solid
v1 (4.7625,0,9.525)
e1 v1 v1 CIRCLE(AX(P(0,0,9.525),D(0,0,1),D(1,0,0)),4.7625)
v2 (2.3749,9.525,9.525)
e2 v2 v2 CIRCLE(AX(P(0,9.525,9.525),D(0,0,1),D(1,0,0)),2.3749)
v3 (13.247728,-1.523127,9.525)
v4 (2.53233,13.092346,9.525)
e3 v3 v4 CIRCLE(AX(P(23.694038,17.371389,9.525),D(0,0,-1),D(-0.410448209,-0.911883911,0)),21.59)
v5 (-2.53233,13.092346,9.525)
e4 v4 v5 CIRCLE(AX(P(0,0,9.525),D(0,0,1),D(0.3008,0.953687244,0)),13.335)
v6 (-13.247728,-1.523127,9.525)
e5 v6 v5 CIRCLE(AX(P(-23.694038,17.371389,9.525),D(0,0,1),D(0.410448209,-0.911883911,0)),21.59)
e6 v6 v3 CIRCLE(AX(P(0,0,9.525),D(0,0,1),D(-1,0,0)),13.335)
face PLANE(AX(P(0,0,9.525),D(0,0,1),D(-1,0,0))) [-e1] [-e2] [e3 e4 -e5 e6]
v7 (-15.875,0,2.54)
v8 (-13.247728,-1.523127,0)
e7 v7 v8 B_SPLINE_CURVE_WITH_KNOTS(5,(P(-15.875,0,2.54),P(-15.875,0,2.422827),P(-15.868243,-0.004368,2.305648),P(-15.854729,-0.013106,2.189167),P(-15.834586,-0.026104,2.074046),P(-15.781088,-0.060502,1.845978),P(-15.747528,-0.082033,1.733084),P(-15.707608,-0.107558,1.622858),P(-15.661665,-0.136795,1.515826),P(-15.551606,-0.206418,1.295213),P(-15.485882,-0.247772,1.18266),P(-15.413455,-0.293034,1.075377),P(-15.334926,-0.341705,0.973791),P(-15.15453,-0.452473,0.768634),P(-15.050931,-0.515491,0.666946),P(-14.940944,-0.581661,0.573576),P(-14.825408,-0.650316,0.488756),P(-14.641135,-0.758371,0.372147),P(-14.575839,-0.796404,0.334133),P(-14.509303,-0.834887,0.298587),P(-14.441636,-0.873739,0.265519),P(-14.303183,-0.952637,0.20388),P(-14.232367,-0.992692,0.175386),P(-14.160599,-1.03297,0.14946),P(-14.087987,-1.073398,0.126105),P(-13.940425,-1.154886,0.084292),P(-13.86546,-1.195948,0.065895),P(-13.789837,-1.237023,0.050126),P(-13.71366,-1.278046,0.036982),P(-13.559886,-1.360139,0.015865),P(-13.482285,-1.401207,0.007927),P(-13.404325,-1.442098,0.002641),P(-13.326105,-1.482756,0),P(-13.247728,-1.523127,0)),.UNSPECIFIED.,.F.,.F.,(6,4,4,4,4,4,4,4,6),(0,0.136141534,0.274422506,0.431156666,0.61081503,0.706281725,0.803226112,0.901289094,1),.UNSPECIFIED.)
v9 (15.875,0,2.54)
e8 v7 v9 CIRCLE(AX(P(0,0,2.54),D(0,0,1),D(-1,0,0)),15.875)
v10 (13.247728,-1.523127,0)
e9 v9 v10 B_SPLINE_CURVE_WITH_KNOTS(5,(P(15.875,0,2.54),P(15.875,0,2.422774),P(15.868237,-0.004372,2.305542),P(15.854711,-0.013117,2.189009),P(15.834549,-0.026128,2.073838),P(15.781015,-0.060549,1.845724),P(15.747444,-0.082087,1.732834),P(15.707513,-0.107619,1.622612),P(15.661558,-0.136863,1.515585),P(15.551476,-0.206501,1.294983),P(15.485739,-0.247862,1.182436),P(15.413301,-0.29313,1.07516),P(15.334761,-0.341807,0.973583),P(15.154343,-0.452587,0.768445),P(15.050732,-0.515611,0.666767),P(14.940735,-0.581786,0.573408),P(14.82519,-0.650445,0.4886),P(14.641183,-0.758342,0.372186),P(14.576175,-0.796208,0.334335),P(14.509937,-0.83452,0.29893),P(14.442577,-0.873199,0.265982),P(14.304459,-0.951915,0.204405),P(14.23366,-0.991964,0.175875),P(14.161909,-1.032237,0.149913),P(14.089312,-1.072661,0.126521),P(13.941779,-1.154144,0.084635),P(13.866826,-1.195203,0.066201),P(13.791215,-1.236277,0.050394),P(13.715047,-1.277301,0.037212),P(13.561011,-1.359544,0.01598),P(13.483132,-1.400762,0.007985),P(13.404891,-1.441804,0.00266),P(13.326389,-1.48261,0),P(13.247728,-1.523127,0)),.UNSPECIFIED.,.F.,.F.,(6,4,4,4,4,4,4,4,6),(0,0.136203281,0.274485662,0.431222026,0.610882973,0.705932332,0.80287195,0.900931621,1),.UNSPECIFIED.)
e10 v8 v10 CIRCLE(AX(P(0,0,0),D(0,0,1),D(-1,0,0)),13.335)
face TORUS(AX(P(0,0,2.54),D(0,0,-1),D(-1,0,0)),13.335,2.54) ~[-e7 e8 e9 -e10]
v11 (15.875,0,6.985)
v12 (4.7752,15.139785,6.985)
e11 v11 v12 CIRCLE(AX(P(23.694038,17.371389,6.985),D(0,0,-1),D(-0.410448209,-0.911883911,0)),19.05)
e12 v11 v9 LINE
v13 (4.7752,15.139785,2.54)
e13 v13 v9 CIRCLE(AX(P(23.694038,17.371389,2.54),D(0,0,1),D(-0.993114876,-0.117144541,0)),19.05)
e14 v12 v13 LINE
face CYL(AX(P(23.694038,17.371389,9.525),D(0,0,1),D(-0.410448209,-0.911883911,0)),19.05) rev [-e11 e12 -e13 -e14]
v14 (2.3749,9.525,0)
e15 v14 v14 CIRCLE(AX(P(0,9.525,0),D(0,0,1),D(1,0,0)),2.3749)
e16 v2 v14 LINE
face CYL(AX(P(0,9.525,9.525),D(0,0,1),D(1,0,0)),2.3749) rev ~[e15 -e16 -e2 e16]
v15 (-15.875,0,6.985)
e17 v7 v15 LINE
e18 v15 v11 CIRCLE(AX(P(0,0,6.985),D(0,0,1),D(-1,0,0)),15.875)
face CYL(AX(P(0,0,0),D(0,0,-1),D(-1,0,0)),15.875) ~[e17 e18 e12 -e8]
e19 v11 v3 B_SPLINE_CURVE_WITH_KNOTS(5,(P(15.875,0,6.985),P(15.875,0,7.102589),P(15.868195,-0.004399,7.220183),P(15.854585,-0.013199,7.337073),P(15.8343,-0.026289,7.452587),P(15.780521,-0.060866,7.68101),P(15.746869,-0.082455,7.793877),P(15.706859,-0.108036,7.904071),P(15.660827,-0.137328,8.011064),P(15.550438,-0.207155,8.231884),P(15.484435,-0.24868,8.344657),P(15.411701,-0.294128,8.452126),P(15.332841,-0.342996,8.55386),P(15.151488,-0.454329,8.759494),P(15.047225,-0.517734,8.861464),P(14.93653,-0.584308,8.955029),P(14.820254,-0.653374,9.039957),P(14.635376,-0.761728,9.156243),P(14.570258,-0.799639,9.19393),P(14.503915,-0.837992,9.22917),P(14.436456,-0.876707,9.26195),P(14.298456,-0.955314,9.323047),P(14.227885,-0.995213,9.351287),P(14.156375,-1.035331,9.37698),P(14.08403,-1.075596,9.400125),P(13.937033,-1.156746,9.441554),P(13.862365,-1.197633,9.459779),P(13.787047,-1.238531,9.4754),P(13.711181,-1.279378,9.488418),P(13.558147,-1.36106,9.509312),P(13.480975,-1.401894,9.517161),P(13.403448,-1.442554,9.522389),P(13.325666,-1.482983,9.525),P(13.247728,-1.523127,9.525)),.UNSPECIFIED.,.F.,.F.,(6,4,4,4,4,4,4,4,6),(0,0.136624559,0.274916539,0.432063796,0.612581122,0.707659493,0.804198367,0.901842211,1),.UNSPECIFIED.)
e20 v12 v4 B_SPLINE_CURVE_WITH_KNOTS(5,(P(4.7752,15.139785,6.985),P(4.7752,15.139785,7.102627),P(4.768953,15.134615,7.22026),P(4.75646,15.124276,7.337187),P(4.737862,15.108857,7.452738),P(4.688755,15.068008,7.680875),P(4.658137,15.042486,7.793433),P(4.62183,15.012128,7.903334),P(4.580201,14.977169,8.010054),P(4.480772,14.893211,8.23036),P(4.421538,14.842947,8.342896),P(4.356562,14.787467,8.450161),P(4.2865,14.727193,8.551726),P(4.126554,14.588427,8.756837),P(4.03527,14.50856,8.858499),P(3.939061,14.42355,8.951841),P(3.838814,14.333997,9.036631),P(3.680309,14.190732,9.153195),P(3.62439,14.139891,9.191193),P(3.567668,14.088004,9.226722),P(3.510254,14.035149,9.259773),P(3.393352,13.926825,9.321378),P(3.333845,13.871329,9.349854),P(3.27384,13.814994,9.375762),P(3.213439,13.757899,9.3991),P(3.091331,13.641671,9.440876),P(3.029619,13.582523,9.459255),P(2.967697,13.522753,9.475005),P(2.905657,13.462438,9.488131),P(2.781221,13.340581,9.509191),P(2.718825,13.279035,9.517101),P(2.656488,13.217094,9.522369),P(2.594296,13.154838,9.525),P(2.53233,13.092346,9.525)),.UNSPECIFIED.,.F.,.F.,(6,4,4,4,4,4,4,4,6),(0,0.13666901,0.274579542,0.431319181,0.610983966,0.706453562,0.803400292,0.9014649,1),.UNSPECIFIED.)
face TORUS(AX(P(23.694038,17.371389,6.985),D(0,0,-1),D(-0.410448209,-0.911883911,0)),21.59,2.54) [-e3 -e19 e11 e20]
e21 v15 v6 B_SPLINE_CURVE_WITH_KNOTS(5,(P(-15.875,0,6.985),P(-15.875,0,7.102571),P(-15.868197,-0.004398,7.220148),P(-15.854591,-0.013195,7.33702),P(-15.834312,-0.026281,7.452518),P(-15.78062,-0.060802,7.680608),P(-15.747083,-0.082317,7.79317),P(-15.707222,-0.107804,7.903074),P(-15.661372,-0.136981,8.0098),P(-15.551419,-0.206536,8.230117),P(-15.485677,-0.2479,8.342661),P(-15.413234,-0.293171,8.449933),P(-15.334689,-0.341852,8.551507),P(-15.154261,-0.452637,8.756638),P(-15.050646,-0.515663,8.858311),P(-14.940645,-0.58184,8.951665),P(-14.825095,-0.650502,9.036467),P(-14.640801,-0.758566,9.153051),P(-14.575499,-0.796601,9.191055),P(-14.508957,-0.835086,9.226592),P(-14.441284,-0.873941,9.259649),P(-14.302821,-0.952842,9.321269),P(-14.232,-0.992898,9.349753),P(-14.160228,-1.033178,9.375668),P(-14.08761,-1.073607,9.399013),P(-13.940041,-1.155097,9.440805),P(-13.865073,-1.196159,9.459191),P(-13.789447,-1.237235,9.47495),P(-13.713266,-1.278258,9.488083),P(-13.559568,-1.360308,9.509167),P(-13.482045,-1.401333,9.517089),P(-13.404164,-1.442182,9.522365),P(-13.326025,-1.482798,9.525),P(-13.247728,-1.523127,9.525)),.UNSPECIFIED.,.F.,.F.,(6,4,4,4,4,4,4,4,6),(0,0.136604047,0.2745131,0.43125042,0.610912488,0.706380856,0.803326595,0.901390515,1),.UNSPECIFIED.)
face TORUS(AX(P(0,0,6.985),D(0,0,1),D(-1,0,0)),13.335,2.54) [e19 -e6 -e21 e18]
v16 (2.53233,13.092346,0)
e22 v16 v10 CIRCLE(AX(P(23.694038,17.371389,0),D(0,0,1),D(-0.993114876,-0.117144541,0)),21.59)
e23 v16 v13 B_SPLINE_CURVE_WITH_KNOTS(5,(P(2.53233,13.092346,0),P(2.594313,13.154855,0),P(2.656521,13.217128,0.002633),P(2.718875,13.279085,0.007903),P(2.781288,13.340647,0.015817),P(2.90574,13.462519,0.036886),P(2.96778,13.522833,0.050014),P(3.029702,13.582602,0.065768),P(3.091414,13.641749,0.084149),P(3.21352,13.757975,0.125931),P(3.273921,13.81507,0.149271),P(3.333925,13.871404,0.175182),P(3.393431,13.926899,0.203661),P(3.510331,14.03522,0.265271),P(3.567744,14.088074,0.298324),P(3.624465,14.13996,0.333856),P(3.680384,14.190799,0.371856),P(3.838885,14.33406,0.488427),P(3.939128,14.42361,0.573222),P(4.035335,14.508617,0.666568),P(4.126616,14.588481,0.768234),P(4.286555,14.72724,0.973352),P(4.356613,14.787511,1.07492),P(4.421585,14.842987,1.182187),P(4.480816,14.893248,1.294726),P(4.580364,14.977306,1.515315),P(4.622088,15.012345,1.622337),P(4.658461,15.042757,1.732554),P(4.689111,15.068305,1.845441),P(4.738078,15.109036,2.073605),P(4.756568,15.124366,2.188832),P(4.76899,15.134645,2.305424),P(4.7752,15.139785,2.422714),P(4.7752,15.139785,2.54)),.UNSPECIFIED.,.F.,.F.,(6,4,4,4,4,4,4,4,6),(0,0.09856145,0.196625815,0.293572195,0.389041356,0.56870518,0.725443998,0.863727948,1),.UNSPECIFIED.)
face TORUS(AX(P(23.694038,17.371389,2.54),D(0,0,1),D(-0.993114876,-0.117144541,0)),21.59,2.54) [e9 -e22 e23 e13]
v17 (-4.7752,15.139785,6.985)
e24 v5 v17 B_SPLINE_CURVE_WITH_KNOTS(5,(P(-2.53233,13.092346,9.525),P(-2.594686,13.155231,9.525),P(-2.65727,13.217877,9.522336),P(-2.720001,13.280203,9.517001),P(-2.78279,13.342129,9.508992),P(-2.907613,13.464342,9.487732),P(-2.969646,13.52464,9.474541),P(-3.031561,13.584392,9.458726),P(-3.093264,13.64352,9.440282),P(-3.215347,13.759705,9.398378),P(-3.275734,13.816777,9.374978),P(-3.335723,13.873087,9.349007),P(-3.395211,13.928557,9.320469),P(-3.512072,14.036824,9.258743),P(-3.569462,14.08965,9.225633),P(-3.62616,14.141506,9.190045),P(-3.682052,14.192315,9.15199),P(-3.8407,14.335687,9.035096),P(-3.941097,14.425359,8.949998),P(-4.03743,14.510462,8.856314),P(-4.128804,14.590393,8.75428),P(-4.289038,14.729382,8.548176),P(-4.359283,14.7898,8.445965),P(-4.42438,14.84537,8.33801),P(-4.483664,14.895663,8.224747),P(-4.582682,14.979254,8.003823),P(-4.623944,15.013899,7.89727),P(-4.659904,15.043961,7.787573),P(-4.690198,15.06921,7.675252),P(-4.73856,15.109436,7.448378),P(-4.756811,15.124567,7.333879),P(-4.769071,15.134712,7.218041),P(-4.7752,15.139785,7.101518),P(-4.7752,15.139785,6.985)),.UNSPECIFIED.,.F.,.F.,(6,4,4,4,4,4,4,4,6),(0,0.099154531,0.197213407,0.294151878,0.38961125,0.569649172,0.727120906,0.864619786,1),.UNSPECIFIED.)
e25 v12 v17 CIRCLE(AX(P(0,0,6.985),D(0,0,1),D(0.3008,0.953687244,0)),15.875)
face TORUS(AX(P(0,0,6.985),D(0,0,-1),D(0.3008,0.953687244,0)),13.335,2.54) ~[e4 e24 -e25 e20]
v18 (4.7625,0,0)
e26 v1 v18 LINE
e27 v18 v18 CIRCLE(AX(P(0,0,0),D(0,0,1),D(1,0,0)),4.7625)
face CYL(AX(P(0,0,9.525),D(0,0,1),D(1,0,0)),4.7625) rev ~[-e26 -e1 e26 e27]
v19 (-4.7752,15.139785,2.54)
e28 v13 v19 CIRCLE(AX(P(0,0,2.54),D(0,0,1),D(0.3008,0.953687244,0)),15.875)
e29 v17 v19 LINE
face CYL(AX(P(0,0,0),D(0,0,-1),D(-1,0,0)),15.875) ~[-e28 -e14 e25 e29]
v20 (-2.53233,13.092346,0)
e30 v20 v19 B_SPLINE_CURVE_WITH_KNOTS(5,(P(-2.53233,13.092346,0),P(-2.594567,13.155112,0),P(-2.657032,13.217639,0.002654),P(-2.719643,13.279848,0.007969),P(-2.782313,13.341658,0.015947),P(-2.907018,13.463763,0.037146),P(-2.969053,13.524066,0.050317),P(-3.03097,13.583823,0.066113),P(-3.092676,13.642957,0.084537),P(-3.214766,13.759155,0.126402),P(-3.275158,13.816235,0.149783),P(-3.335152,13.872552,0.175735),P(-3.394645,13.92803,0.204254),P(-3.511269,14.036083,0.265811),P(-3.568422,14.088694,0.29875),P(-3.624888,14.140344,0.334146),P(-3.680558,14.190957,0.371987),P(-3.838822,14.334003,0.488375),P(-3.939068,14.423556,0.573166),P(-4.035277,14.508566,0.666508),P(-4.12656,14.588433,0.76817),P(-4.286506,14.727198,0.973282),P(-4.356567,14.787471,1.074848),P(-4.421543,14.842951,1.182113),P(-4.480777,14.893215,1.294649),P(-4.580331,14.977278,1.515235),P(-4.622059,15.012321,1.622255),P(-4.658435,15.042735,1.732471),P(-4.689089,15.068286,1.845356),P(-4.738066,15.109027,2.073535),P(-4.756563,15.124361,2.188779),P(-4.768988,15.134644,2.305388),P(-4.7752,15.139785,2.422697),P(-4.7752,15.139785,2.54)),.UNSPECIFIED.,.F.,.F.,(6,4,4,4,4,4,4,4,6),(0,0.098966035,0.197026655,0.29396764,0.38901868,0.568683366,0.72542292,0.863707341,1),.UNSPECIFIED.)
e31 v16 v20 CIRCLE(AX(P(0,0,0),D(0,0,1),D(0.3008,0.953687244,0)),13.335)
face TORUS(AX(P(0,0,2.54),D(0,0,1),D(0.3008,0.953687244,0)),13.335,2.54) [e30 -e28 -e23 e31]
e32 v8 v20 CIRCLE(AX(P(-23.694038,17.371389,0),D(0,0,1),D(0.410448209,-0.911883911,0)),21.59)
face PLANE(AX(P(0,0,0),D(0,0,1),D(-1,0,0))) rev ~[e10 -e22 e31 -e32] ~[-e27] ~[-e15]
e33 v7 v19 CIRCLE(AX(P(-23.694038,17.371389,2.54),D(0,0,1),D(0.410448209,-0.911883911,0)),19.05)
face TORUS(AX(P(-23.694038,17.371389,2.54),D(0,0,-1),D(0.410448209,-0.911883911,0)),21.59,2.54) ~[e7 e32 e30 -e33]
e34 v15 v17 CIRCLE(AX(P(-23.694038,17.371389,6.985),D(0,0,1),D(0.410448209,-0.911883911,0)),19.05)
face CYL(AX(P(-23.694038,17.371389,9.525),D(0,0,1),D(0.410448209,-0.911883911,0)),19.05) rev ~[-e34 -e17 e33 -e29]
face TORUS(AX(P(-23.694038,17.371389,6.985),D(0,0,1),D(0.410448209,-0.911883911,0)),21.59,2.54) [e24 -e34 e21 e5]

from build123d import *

# Parameters (mm, degrees)
SKETCH1_R           = 15.875
BOSS_EXTRUDE1_DEPTH = 9.525
SKETCH2_R           = 4.7625
CUT_EXTRUDE1_DEPTH  = 18.415
SKETCH3_R           = 2.3749
CUT_EXTRUDE2_DEPTH  = 18.415
CUT_EXTRUDE4_DEPTH  = 18.415
FILLET1_R           = 2.54
FILLET2_R           = 2.54


with BuildPart() as part:
    # Sketch1 → Boss-Extrude1 (new body)
    with BuildSketch(Plane.XY):
        with Locations(Location((0, 0, 0), (0, 0, 180))):
            Circle(SKETCH1_R)
    extrude(amount=BOSS_EXTRUDE1_DEPTH)

    # Sketch2 → Cut-Extrude1 (cut)
    with BuildSketch(Plane.XY.offset(9.525)):
        Circle(SKETCH2_R)
    extrude(amount=-CUT_EXTRUDE1_DEPTH, mode=Mode.SUBTRACT)

    # Sketch3 → Cut-Extrude2 (cut)
    with BuildSketch(Plane.XY.offset(9.525)):
        with Locations((0, 9.525)):
            Circle(SKETCH3_R)
    extrude(amount=-CUT_EXTRUDE2_DEPTH, mode=Mode.SUBTRACT)

    # Sketch4 → Cut-Extrude4 (cut)
    with BuildSketch(Plane.XY.offset(9.525)):
        with BuildLine():
            ThreePointArc((15.875, 0), (8.330712377, 6.107698439), (4.7752, 15.139785004))
            add(Edge.make_bspline(
                [(15.875, 0), (15.343893693, 11.113048416), (4.7752, 15.139785004)],
                knots=[0, 0, 0, 1, 1, 1], degree=2))
        make_face()
        with BuildLine():
            ThreePointArc((-15.875, 0), (-8.330712377, 6.107698439), (-4.7752, 15.139785004))
            add(Edge.make_bspline(
                [(-15.875, 0), (-15.420791341, 10.994065045), (-4.7752, 15.139785004)],
                knots=[0, 0, 0, 1, 1, 1], degree=2))
        make_face()
    extrude(amount=-CUT_EXTRUDE4_DEPTH, mode=Mode.SUBTRACT)


with BuildPart() as cut_extrude4_kept_piece:
    # of the separate pieces the step leaves, the one the design keeps (cut_extrude4_pieces_kept)
    add(part.part.solids().sort_by_distance((4.7625, 0, 0))[0])

    # Fillet1
    fillet1_edges = [cut_extrude4_kept_piece.edges().sort_by_distance(p)[0] for p in [
        (0, -15.875, 9.525),
        (8.330712377, 6.107698439, 9.525),
        (0, 15.875, 9.525),
        (-8.330712377, 6.107698439, 9.525),
    ]]
    fillet(fillet1_edges, radius=FILLET1_R)

    # Fillet2
    fillet2_edges = [cut_extrude4_kept_piece.edges().sort_by_distance(p)[0] for p in [
        (0, 15.875, 0),
        (0, -15.875, 0),
        (-8.330712377, 6.107698439, 0),
        (8.330712377, 6.107698439, 0),
    ]]
    fillet(fillet2_edges, radius=FILLET2_R)


solid = cut_extrude4_kept_piece.part
